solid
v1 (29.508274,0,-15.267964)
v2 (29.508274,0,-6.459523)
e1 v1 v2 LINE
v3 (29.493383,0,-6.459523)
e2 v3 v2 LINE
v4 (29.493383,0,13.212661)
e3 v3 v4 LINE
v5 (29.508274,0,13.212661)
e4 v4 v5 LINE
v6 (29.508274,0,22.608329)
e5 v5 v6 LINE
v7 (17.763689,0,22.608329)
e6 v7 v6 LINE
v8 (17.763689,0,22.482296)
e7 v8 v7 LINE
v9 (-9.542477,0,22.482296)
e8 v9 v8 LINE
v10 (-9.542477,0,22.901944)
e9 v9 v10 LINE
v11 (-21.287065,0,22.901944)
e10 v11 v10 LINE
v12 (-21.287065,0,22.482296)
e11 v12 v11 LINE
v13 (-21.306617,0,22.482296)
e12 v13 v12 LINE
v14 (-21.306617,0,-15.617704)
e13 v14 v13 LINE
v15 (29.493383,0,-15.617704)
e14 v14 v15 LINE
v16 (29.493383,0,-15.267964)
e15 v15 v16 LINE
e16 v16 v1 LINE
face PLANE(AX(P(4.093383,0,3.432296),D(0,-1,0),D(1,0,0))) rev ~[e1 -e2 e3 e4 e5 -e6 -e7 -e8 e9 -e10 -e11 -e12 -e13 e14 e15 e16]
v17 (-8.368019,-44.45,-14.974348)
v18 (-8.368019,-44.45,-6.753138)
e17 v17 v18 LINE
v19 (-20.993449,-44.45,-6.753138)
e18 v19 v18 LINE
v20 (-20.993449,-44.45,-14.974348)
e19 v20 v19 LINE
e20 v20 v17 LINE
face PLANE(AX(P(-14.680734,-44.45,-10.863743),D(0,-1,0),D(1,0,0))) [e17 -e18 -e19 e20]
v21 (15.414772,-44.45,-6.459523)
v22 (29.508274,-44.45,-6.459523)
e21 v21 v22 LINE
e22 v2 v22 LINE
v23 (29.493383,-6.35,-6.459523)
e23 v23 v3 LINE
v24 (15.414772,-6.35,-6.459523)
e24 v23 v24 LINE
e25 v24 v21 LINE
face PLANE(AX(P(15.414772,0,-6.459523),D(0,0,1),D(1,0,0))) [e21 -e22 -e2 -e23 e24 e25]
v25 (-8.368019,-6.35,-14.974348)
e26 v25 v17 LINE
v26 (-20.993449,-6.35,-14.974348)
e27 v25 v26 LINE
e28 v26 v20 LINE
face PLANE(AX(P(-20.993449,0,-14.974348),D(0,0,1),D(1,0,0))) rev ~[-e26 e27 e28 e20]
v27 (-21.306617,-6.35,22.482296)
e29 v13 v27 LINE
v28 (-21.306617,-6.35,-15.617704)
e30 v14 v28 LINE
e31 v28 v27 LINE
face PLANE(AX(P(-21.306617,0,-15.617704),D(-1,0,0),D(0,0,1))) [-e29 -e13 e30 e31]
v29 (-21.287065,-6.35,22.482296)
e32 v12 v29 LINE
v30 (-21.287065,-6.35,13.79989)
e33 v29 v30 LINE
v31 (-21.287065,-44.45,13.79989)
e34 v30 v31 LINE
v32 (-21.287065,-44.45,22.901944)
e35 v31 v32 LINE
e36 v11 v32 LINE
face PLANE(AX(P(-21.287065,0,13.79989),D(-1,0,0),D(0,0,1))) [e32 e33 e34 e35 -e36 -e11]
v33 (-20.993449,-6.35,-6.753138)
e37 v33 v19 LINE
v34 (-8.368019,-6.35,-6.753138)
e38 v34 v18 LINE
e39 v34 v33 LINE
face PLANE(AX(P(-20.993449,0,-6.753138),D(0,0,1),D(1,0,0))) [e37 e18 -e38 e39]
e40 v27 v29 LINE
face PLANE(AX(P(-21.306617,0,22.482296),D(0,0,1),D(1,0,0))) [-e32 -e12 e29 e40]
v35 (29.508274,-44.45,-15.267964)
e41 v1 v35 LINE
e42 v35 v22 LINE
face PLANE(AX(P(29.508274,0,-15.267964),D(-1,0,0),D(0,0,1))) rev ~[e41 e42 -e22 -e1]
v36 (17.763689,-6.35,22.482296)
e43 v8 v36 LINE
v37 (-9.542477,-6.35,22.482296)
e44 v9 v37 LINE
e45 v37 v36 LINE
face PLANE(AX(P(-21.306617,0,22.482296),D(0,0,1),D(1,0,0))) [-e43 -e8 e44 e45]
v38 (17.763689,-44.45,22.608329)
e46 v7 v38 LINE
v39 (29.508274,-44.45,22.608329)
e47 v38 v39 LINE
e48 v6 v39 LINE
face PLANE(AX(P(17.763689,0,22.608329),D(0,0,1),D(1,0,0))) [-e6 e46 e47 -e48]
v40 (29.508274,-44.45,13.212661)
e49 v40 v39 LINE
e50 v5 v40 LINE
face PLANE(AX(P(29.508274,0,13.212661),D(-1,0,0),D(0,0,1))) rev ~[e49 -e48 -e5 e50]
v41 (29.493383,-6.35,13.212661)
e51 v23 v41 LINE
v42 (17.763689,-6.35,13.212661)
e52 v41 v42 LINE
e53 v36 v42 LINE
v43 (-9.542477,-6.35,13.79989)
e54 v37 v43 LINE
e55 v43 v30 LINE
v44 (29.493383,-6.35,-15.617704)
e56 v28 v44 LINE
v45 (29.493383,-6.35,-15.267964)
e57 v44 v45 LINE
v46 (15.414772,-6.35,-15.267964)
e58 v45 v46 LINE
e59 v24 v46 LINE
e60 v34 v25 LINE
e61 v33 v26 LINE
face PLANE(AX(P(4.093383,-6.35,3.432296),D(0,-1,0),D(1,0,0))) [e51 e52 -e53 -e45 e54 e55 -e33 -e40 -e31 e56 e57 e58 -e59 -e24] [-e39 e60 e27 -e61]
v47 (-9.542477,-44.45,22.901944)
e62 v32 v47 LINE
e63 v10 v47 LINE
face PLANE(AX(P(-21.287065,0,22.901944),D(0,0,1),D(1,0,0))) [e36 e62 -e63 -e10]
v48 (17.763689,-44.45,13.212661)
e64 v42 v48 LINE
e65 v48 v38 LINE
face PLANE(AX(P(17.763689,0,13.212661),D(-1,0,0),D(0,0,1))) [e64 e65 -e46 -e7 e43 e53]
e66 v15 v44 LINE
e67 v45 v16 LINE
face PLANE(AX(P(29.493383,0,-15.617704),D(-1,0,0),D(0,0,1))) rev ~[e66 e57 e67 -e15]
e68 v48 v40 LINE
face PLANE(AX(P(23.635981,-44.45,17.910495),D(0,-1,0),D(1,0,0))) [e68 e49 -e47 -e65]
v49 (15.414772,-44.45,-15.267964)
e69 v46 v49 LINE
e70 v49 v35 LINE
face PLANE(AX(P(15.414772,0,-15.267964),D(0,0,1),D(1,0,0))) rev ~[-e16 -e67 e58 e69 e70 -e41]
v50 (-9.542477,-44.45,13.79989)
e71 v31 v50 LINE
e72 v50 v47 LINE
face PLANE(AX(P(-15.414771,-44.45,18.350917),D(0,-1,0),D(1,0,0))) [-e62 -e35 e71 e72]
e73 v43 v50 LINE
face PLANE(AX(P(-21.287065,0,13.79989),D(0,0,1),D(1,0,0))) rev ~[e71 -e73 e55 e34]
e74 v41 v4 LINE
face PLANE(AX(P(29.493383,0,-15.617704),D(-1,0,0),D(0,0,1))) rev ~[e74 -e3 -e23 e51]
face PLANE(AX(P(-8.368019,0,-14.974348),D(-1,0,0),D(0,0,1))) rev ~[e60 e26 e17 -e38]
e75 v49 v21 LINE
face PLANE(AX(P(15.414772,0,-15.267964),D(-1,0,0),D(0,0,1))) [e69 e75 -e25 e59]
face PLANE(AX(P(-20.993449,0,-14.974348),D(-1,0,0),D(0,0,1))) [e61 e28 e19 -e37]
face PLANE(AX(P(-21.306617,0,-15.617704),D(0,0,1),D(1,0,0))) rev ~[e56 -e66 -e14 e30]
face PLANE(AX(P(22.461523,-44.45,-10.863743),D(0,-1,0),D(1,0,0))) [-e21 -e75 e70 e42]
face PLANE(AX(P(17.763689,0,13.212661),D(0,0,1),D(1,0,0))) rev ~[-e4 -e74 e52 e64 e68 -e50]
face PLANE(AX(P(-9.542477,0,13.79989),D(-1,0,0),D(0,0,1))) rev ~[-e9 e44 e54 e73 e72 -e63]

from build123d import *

# Parameters (mm, degrees)
F0_W     = 50.8
F0_H     = 38.1
F1_DEPTH = 6.35
F2_W     = 11.744588
F2_H     = 9.102055
F2_W_2   = 12.62543
F2_H_2   = 8.22121
F2_W_3   = 11.744585
F2_H_3   = 9.395669
F2_W_4   = 14.093501
F2_H_4   = 8.808441
F3_DEPTH = 44.45


with BuildPart() as f1:
    # F0 (on Front) → F1 (new body)
    with BuildSketch(Plane.XZ):
        with Locations((4.093383, 3.432296)):
            Rectangle(F0_W, F0_H)
    extrude(amount=F1_DEPTH)

    # F2 (on Front) → F3 (join)
    with BuildSketch(Plane.XZ):
        with Locations((-15.414771, 18.350917)):
            Rectangle(F2_W, F2_H)
        with Locations((-14.680734, -10.863743)):
            Rectangle(F2_W_2, F2_H_2)
        with Locations((23.635981, 17.910495)):
            Rectangle(F2_W_3, F2_H_3)
        with Locations((22.461523, -10.863743)):
            Rectangle(F2_W_4, F2_H_4)
    extrude(amount=F3_DEPTH)


solid = f1.part
